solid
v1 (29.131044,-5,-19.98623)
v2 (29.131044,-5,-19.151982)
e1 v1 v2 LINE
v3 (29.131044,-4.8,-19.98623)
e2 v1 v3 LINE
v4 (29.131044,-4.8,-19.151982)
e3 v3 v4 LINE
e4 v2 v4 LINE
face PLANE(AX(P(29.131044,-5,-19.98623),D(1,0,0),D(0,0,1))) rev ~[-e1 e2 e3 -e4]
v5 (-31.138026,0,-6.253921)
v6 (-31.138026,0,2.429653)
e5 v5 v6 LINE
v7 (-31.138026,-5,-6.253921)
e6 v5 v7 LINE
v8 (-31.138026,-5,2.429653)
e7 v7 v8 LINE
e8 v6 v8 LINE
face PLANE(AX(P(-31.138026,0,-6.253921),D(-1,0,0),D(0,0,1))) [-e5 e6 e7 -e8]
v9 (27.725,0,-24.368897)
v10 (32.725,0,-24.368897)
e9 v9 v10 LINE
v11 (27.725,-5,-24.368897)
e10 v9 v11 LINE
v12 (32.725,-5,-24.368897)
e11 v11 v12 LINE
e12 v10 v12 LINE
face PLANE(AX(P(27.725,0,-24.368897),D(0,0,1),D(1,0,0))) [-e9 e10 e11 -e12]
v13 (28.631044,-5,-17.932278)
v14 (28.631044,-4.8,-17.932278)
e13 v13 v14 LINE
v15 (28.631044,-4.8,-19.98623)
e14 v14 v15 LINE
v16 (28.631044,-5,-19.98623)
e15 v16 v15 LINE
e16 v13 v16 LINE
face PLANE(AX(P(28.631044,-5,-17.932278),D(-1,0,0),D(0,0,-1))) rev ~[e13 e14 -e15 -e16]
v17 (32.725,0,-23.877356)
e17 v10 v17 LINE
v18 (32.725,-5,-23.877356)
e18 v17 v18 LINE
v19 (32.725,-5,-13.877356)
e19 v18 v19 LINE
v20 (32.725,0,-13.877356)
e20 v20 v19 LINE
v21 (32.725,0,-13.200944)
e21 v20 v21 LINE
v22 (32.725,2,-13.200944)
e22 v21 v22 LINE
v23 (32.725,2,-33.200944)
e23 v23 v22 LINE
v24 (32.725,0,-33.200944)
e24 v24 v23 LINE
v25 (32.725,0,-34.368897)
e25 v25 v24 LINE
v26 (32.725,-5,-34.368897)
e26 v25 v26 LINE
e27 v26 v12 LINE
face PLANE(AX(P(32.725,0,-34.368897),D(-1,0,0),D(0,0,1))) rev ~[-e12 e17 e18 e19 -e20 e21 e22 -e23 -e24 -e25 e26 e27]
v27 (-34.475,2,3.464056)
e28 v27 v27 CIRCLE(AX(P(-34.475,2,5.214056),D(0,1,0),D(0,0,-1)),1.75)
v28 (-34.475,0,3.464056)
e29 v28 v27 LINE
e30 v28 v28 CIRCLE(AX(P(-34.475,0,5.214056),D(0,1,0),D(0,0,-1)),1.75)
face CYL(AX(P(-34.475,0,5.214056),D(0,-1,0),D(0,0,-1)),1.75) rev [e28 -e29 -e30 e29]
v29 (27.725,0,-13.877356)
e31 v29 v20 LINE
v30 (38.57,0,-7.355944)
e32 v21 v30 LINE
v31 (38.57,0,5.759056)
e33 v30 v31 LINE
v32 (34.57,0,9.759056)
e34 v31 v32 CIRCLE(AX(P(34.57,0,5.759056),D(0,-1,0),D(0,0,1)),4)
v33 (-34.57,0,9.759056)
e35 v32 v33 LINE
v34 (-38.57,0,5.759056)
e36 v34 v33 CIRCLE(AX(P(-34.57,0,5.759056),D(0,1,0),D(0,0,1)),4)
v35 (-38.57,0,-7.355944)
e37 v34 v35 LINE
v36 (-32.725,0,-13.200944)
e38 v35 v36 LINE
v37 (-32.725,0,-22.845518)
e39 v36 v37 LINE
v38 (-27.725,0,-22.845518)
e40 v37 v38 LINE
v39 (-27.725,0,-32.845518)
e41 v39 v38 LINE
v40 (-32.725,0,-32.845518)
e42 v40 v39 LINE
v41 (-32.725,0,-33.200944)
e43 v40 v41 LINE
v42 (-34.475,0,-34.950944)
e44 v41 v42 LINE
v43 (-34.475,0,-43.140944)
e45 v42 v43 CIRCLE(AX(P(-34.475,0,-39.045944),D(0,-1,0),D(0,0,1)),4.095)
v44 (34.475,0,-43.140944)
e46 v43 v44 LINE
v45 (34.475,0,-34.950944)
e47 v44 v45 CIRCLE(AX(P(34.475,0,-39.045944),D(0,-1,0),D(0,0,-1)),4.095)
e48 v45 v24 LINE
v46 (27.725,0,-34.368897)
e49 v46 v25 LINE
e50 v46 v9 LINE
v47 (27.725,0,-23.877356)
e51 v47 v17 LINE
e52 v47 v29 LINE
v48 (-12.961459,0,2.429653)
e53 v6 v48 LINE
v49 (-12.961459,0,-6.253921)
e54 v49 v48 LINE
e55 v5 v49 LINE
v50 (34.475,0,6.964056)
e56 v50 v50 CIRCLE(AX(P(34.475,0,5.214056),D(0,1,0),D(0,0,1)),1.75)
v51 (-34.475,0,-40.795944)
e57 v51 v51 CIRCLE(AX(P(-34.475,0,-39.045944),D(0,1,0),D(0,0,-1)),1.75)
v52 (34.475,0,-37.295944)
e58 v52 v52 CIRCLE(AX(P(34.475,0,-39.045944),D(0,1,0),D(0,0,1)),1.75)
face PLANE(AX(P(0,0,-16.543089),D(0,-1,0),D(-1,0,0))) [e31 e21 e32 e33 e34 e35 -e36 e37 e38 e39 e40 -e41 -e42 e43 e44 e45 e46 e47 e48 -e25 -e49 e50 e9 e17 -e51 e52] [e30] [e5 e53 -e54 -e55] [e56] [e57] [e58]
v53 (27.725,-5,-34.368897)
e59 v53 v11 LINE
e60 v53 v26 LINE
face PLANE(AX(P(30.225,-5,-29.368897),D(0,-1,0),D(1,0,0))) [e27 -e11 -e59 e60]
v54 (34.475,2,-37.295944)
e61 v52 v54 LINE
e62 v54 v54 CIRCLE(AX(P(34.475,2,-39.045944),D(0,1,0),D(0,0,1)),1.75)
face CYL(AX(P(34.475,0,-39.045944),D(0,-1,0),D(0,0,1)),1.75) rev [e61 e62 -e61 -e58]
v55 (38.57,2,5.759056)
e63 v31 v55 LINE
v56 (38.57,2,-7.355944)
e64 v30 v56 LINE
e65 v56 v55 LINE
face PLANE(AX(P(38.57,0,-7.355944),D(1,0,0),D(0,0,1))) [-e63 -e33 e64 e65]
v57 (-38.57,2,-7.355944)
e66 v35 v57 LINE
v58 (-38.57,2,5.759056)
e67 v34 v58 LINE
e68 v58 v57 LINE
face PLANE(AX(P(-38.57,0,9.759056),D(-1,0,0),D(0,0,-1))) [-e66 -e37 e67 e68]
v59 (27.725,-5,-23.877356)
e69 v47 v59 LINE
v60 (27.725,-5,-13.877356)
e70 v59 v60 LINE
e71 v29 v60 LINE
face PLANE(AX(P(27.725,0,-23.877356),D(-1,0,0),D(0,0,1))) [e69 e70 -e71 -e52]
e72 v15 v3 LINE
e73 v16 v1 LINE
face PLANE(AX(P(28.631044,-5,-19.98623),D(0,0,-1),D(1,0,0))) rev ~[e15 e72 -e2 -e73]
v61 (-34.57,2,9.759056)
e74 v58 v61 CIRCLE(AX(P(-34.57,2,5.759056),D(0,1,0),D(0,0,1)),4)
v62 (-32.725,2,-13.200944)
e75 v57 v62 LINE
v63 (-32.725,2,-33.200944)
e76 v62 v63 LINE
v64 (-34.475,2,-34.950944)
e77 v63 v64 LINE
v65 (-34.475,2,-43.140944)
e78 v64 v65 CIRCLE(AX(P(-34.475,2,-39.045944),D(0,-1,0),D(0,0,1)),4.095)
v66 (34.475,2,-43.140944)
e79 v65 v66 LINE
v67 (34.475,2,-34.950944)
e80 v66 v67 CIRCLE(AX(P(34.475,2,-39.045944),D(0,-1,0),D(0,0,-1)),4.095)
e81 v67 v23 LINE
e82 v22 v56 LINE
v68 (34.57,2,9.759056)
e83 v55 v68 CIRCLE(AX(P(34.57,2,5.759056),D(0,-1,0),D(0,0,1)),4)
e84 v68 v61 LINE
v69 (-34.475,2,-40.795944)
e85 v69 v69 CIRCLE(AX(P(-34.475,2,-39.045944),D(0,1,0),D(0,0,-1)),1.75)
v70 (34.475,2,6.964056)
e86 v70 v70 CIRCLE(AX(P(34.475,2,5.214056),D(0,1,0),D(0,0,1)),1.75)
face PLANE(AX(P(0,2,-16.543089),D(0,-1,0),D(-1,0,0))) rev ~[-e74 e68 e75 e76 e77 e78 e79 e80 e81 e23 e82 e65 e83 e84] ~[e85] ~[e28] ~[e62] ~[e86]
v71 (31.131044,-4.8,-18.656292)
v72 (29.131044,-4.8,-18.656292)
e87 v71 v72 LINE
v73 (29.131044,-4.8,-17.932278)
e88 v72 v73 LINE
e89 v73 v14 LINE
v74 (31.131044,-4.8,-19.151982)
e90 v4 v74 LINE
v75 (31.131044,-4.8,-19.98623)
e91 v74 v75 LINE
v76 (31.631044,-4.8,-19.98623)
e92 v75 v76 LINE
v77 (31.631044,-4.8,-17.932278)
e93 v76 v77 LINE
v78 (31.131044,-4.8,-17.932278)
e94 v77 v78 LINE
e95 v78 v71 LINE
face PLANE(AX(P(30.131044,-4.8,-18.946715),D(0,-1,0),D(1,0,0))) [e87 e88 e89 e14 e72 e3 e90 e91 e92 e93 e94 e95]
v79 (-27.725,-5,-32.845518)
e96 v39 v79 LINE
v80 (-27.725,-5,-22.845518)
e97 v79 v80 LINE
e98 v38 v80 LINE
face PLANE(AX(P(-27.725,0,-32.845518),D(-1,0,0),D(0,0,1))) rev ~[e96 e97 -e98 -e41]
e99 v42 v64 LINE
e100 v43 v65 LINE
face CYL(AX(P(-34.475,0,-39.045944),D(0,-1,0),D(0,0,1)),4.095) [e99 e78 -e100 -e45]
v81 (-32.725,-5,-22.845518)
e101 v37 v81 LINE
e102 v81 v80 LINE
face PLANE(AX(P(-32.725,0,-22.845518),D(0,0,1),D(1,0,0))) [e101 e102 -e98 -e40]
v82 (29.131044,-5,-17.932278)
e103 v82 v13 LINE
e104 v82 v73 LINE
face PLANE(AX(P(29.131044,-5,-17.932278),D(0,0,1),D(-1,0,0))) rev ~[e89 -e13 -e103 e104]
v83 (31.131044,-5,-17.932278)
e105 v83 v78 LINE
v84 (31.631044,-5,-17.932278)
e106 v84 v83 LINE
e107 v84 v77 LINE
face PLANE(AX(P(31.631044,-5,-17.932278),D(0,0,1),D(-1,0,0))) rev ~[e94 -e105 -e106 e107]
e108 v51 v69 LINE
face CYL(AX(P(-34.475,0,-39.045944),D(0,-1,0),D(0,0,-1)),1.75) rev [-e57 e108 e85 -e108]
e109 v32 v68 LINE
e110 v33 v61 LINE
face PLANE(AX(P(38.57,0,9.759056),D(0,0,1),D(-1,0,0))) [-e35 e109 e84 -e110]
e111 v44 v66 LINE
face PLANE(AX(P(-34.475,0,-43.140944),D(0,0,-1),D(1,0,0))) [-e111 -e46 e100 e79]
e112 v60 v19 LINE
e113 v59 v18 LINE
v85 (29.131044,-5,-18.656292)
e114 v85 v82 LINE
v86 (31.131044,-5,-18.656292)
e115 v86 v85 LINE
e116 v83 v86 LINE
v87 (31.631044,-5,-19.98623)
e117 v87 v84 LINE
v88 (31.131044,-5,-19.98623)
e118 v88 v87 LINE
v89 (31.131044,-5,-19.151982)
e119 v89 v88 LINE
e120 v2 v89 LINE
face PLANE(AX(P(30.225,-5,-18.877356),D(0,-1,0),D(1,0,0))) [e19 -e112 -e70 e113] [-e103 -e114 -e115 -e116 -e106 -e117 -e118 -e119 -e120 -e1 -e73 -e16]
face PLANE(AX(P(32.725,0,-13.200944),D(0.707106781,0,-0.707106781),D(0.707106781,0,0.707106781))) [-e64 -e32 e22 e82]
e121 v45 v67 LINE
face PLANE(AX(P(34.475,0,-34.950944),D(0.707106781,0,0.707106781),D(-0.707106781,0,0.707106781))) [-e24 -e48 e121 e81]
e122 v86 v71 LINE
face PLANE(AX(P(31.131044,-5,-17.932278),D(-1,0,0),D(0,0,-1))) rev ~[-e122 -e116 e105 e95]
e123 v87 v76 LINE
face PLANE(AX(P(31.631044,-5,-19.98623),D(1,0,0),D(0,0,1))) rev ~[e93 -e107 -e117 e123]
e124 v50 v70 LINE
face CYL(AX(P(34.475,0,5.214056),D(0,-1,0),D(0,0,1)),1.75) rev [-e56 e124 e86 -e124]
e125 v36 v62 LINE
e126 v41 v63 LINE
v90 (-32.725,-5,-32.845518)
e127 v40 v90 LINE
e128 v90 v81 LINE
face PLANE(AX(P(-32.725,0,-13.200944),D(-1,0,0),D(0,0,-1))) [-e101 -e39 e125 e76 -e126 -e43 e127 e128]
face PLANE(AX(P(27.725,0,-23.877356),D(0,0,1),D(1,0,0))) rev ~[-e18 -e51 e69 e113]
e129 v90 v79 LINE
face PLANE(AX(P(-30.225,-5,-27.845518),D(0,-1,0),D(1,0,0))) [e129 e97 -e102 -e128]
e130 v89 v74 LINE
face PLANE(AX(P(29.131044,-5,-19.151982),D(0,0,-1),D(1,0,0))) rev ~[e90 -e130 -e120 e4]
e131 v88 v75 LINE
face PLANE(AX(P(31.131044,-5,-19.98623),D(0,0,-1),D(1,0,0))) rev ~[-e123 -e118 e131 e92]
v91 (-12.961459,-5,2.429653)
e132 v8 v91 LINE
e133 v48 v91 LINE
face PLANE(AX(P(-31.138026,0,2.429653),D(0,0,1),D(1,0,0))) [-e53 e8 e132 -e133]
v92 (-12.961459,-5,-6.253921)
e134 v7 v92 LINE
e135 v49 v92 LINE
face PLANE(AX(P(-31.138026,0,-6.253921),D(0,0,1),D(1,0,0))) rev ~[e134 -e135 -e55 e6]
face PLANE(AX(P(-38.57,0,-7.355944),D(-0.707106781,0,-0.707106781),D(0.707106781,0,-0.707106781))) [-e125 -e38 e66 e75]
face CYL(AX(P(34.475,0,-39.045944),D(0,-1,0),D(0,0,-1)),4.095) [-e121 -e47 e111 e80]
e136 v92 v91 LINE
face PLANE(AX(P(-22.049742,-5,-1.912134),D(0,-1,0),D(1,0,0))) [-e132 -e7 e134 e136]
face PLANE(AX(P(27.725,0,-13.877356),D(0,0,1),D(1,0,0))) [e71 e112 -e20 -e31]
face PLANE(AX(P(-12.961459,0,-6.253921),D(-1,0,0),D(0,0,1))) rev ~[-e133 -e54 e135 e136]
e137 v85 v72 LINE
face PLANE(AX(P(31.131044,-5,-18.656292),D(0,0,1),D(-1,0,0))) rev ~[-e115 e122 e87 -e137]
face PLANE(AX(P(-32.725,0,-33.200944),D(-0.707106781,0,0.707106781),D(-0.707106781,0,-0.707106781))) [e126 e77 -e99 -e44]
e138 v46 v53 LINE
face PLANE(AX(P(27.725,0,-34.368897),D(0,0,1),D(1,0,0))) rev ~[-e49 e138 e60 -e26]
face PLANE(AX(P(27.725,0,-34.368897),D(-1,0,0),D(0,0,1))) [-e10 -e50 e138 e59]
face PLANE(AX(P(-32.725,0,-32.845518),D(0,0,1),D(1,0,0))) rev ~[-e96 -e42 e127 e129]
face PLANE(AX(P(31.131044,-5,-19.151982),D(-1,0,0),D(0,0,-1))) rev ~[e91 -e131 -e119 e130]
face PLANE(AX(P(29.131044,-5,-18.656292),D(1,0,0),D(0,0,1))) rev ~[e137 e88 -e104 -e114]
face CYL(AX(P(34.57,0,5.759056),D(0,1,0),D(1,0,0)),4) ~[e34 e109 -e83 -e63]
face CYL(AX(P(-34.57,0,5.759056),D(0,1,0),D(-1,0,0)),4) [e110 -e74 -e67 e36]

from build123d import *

# Parameters (mm, degrees)
SKETCH_1_R          = 1.75
EXTRUDE_1_DEPTH     = 2
FILLET_1_R          = 4
SKETCH_2_W          = 5
SKETCH_2_H          = 10
EXTRUDE_2_DEPTH     = 5
CUT_EXTRUDE_1_DEPTH = 0.2
SKETCH_5_W          = 18.176567436
SKETCH_5_H          = 8.683574631
EXTRUDE_3_DEPTH     = 5


with BuildPart() as part:
    # 草图1 → 凸台-拉伸1 (new body)
    with BuildSketch(Plane(origin=(0, 0, 0), x_dir=(1, 0, 0), z_dir=(0, 1, 0))):
        with BuildLine():
            Line((-34.475, 43.140944253), (34.475, 43.140944253))
            ThreePointArc((34.475, 43.140944253), (38.57, 39.045944253), (34.475, 34.950944253))
            Line((34.475, 34.950944253), (32.725, 33.200944253))
            Line((32.725, 33.200944253), (32.725, 13.200944253))
            Line((32.725, 13.200944253), (38.57, 7.355944253))
            Line((38.57, 7.355944253), (38.57, -9.759055747))
            Line((38.57, -9.759055747), (-38.57, -9.759055747))
            Line((-38.57, -9.759055747), (-38.57, 7.355944253))
            Line((-38.57, 7.355944253), (-32.725, 13.200944253))
            Line((-32.725, 13.200944253), (-32.725, 33.200944253))
            Line((-32.725, 33.200944253), (-34.475, 34.950944253))
            ThreePointArc((-34.475, 34.950944253), (-38.57, 39.045944253), (-34.475, 43.140944253))
        make_face()
        with Locations(Location((34.475, 39.045944253, 0), (0, 0, 270))):
            Circle(SKETCH_1_R, mode=Mode.SUBTRACT)
        with Locations(Location((34.475, -5.214055747, 0), (0, 0, 270))):
            Circle(SKETCH_1_R, mode=Mode.SUBTRACT)
        with Locations(Location((-34.475, -5.214055747, 0), (0, 0, 90))):
            Circle(SKETCH_1_R, mode=Mode.SUBTRACT)
        with Locations(Location((-34.475, 39.045944253, 0), (0, 0, 90))):
            Circle(SKETCH_1_R, mode=Mode.SUBTRACT)
    extrude(amount=EXTRUDE_1_DEPTH)

    # 圆角1
    fillet_1_edges = [part.edges().sort_by_distance(p)[0] for p in [
        (38.57, 1, 9.759055747),
        (-38.57, 1, 9.759055747),
    ]]
    fillet(fillet_1_edges, radius=FILLET_1_R)

    # 草图2 → 凸台-拉伸2 (add)
    with BuildSketch(Plane.XZ):
        with Locations((30.225, -29.368896619)):
            Rectangle(SKETCH_2_W, SKETCH_2_H)
        with Locations((-30.225, -27.845518443)):
            Rectangle(SKETCH_2_W, SKETCH_2_H)
        with Locations((30.225, -18.877356426)):
            Rectangle(SKETCH_2_W, SKETCH_2_H)
    extrude(amount=EXTRUDE_2_DEPTH)

    # 草图4 → 切除-拉伸1 (cut)
    with BuildSketch(Plane.XZ.offset(5)):
        Polygon((31.631043608, -19.986230369), (31.631043608, -17.932277654), (31.131043608, -17.932277654), (31.131043608, -18.656291548), (29.131043608, -18.656291548), (29.131043608, -17.932277654), (28.631043608, -17.932277654), (28.631043608, -19.986230369), (29.131043608, -19.986230369), (29.131043608, -19.151981589), (31.131043608, -19.151981589), (31.131043608, -19.986230369), align=None)
    extrude(amount=-CUT_EXTRUDE_1_DEPTH, mode=Mode.SUBTRACT)

    # 草图5 → 凸台-拉伸3 (add)
    with BuildSketch(Plane.XZ):
        with Locations((-22.049742487, -1.912133925)):
            Rectangle(SKETCH_5_W, SKETCH_5_H)
    extrude(amount=EXTRUDE_3_DEPTH)


solid = part.part
